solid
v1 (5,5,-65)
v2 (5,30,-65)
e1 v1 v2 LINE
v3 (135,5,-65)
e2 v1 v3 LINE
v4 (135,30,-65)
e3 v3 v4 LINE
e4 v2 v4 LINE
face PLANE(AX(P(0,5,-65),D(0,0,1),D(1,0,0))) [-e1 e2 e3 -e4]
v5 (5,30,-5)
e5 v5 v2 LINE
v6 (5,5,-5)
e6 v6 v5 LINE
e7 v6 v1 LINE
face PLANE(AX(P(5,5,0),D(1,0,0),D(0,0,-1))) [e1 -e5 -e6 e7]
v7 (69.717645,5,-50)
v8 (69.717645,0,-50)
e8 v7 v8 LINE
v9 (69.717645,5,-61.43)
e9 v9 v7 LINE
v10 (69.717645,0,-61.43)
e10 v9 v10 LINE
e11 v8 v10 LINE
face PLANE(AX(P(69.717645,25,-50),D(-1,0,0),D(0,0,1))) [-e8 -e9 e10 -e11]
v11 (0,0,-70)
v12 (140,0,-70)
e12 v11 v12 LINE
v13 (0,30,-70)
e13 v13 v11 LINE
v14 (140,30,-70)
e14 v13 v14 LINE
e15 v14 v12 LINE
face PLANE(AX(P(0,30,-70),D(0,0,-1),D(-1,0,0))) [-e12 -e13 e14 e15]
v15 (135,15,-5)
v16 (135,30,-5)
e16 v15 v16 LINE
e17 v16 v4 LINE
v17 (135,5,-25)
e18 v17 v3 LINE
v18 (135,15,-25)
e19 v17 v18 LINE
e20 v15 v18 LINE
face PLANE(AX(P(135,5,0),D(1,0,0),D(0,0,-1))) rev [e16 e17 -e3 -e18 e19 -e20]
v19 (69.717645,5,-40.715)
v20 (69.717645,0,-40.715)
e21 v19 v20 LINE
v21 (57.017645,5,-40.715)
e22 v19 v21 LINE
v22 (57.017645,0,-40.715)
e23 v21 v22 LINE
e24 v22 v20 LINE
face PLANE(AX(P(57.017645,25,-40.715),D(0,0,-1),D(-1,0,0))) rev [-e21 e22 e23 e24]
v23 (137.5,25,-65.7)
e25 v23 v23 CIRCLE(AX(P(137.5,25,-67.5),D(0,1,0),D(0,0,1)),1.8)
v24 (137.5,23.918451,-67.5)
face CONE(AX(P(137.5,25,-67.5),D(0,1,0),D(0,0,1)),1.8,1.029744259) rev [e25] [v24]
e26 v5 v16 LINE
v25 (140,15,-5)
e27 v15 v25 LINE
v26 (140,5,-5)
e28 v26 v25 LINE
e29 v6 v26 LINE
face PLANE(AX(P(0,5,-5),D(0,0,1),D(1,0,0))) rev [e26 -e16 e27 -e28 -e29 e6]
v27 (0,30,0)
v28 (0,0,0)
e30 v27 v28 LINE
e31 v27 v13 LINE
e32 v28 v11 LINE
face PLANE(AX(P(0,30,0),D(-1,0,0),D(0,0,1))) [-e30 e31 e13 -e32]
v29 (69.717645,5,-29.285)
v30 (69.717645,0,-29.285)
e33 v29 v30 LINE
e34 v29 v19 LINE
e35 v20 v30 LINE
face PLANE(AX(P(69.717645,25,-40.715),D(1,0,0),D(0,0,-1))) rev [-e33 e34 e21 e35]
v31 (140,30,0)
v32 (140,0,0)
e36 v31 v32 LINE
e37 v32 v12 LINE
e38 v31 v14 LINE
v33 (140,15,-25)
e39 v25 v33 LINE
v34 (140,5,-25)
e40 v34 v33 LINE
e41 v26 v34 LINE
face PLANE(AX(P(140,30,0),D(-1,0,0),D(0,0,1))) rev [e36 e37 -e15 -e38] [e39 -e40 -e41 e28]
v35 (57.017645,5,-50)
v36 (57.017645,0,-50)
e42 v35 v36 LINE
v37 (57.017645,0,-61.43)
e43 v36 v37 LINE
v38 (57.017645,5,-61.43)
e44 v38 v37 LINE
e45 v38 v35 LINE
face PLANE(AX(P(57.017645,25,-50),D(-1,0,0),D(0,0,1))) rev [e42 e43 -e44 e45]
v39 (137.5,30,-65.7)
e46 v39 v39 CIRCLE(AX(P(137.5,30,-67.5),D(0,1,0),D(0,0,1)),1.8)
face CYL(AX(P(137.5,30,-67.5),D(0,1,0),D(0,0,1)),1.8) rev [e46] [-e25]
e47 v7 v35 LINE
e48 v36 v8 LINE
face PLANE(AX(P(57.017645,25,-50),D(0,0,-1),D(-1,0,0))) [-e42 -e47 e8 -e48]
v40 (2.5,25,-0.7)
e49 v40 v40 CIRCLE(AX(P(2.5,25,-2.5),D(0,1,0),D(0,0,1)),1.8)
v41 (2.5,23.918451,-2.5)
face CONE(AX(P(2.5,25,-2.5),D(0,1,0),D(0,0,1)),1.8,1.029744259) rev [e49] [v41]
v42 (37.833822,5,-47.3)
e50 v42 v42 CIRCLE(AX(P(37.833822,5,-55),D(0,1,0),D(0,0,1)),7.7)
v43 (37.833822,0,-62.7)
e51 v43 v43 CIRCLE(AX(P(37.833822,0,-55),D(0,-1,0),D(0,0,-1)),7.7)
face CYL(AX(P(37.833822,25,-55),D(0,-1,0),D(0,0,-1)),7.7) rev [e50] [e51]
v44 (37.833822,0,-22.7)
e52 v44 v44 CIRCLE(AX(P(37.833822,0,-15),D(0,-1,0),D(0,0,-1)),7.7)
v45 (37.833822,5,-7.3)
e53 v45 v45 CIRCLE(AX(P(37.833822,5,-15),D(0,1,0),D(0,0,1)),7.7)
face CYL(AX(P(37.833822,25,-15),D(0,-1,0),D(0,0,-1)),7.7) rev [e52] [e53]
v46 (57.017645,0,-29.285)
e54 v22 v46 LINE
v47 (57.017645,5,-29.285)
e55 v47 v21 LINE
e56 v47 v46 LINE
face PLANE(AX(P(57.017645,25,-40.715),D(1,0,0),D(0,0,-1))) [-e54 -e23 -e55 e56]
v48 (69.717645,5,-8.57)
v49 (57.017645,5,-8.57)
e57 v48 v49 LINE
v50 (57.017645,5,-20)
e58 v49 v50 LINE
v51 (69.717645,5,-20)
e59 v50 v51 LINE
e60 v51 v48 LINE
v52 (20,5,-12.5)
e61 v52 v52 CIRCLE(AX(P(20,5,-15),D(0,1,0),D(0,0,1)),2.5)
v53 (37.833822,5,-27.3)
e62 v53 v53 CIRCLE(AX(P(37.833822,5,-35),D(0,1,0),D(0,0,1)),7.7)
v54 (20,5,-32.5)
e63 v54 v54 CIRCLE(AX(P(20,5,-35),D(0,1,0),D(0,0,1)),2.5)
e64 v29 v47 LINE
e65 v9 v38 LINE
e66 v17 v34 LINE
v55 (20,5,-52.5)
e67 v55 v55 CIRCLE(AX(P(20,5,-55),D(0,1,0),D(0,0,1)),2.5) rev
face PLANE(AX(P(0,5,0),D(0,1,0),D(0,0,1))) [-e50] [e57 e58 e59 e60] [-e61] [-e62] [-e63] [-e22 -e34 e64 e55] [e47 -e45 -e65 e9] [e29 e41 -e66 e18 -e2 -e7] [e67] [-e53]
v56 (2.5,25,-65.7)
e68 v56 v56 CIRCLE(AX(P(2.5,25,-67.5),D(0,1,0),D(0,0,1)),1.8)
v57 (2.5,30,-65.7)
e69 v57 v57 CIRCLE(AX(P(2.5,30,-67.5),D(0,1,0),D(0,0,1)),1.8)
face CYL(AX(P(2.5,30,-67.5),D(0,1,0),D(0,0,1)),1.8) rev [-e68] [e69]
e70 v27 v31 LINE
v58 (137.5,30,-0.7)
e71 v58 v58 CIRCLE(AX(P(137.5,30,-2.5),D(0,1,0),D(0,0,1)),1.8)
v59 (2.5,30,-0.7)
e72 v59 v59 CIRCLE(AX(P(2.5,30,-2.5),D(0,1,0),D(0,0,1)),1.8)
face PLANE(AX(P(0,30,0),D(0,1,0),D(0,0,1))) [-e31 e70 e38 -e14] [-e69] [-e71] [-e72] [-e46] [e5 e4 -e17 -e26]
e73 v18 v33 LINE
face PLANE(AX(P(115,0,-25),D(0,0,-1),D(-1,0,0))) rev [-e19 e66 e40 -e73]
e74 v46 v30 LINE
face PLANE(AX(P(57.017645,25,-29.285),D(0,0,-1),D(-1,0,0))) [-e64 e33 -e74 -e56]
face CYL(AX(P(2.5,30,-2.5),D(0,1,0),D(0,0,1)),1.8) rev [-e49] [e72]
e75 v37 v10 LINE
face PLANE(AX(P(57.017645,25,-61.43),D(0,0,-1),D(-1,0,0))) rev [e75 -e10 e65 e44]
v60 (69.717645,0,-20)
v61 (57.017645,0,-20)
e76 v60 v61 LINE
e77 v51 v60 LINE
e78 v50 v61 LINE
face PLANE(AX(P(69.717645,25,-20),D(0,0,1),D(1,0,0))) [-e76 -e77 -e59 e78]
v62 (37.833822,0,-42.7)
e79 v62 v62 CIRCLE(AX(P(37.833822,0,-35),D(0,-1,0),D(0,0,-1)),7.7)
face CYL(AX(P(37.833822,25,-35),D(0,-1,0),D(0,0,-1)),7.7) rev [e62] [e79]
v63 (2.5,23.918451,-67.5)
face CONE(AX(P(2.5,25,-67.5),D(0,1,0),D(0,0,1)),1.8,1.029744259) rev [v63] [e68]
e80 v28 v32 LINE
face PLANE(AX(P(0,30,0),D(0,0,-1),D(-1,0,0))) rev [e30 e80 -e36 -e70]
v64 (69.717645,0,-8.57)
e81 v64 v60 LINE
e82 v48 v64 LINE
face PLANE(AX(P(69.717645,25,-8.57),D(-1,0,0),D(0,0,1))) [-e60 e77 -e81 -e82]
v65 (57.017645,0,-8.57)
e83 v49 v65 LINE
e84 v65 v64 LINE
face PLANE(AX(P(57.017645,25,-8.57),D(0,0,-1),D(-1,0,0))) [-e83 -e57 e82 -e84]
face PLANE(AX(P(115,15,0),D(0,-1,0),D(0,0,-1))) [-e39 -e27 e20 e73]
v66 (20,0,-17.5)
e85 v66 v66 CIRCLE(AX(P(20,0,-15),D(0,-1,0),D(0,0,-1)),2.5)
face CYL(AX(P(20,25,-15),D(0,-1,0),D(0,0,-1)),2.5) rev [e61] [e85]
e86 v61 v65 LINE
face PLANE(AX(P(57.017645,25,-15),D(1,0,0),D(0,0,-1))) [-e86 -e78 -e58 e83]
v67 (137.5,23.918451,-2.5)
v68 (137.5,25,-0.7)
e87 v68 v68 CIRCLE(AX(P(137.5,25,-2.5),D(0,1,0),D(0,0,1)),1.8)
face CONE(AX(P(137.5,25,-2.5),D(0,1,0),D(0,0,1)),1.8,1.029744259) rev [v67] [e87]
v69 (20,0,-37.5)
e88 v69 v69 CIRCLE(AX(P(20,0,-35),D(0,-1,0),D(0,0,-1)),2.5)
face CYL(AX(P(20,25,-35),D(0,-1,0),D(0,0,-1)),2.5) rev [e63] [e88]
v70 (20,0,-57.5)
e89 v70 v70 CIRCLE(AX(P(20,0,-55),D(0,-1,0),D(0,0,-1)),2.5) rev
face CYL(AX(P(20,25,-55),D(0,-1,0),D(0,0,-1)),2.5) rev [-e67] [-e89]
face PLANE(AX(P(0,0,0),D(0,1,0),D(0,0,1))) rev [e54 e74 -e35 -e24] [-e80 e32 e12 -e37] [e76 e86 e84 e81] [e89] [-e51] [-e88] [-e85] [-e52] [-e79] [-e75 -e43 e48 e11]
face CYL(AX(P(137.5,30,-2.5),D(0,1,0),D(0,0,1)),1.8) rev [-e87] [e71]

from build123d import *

# Parameters (mm, degrees)
SKETCH1_W                = 140
SKETCH1_H                = 70
BOSS_EXTRUDE1_DEPTH      = 30
SKETCH2_W                = 130
SKETCH2_H                = 60
CUT_EXTRUDE1_DEPTH       = 25
SKETCH3_W                = 5
SKETCH3_H                = 5.715
CUT_EXTRUDE2_DEPTH       = 25
SKETCH4_W                = 20
SKETCH4_H                = 10
CUT_EXTRUDE6_DEPTH       = 25
M3_CLEARANCE_HOLE1_D     = 3.6
M3_CLEARANCE_HOLE1_DEPTH = 5
M3_CLEARANCE_HOLE1_TIP   = 1.081549114


with BuildPart() as part:
    # Sketch1 → Boss-Extrude1 (new body)
    with BuildSketch(Plane(origin=(0, 0, 0), x_dir=(1, 0, 0), z_dir=(0, 1, 0))):
        with Locations((70, 35)):
            Rectangle(SKETCH1_W, SKETCH1_H)
    extrude(amount=BOSS_EXTRUDE1_DEPTH)

    # Sketch2 → Cut-Extrude1 (cut)
    with BuildSketch(Plane(origin=(0, 30, 0), x_dir=(1, 0, 0), z_dir=(0, 1, 0))):
        with Locations((70, 35)):
            Rectangle(SKETCH2_W, SKETCH2_H)
    extrude(amount=-CUT_EXTRUDE1_DEPTH, mode=Mode.SUBTRACT)

    # Sketch3 → Cut-Extrude2 (cut)
    with BuildSketch(Plane.XZ):
        with BuildLine():
            ThreePointArc((22.5, -15), (21.767766953, -13.232233047), (20, -12.5))
            Line((20, -12.5), (20, -15))
            Line((20, -15), (20, -17.5))
            ThreePointArc((20, -17.5), (21.767766953, -16.767766953), (22.5, -15))
        make_face()
        with BuildLine():
            ThreePointArc((45.533822472, -15), (32.389100257, -9.555277785), (37.833822472, -22.7))
            ThreePointArc((37.833822472, -22.7), (43.278544687, -20.444722215), (45.533822472, -15))
        make_face()
        Polygon((57.017644944, -20), (62.017644944, -20), (69.717644944, -20), (69.717644944, -8.57), (57.017644944, -8.57), (57.017644944, -15), align=None)
        Polygon((69.717644944, -50), (62.017644944, -50), (57.017644944, -50), (57.017644944, -61.43), (69.717644944, -61.43), align=None)
        with Locations((59.517644944, -32.1425)):
            Rectangle(SKETCH3_W, SKETCH3_H)
        with Locations((59.517644944, -37.8575)):
            Rectangle(SKETCH3_W, SKETCH3_H)
        with BuildLine():
            ThreePointArc((45.533822472, -55), (43.278544687, -49.555277785), (37.833822472, -47.3))
            ThreePointArc((37.833822472, -47.3), (32.389100257, -60.444722215), (45.533822472, -55))
        make_face()
        with BuildLine():
            ThreePointArc((37.833822472, -27.3), (32.389100257, -29.555277785), (30.133822472, -35))
            Line((30.133822472, -35), (37.833822472, -35))
            Line((37.833822472, -35), (37.833822472, -27.3))
        make_face()
        with BuildLine():
            Line((37.833822472, -35), (30.133822472, -35))
            ThreePointArc((30.133822472, -35), (32.389100257, -40.444722215), (37.833822472, -42.7))
            Line((37.833822472, -42.7), (37.833822472, -35))
        make_face()
        with BuildLine():
            ThreePointArc((22.5, -55), (21.767766953, -53.232233047), (20, -52.5))
            Line((20, -52.5), (20, -57.5))
            ThreePointArc((20, -57.5), (21.767766953, -56.767766953), (22.5, -55))
        make_face()
        with BuildLine():
            Line((20, -57.5), (20, -52.5))
            ThreePointArc((20, -52.5), (17.5, -55), (20, -57.5))
        make_face()
        with BuildLine():
            ThreePointArc((22.5, -35), (21.767766953, -33.232233047), (20, -32.5))
            Line((20, -32.5), (20, -35))
            Line((20, -35), (22.5, -35))
        make_face()
        with BuildLine():
            Line((20, -35), (20, -32.5))
            ThreePointArc((20, -32.5), (17.5, -35), (20, -37.5))
            Line((20, -37.5), (20, -35))
        make_face()
        with BuildLine():
            Line((20, -15), (20, -12.5))
            ThreePointArc((20, -12.5), (17.5, -15), (20, -17.5))
            Line((20, -17.5), (20, -15))
        make_face()
        with BuildLine():
            Line((22.5, -35), (20, -35))
            Line((20, -35), (20, -37.5))
            ThreePointArc((20, -37.5), (21.767766953, -36.767766953), (22.5, -35))
        make_face()
        with BuildLine():
            Line((37.833822472, -27.3), (37.833822472, -35))
            Line((37.833822472, -35), (45.533822472, -35))
            ThreePointArc((45.533822472, -35), (43.278544687, -29.555277785), (37.833822472, -27.3))
        make_face()
        with BuildLine():
            Line((45.533822472, -35), (37.833822472, -35))
            Line((37.833822472, -35), (37.833822472, -42.7))
            ThreePointArc((37.833822472, -42.7), (43.278544687, -40.444722215), (45.533822472, -35))
        make_face()
        Polygon((62.017644944, -29.285), (62.017644944, -35), (62.017644944, -40.715), (68.367644944, -40.715), (69.717644944, -40.715), (69.717644944, -29.285), (68.367644944, -29.285), align=None)
    extrude(amount=-CUT_EXTRUDE2_DEPTH, mode=Mode.SUBTRACT)

    # Sketch4 → Cut-Extrude6 (cut)
    with BuildSketch(Plane(origin=(140, 0, 0), x_dir=(0, 0, -1), z_dir=(1, 0, 0))):
        with Locations((15, 10)):
            Rectangle(SKETCH4_W, SKETCH4_H)
    extrude(amount=-CUT_EXTRUDE6_DEPTH, mode=Mode.SUBTRACT)

    # M3 Clearance Hole1
    with Locations(Plane(origin=(0, 30, 0), x_dir=(1, 0, 0), z_dir=(0, 1, 0))):
        with Locations((2.5, 2.5), (2.5, 67.5), (137.5, 67.5), (137.5, 2.5)):
            Hole(M3_CLEARANCE_HOLE1_D / 2, depth=M3_CLEARANCE_HOLE1_DEPTH)
            with Locations((0, 0, -(M3_CLEARANCE_HOLE1_DEPTH + M3_CLEARANCE_HOLE1_TIP / 2))):  # 118° drill point
                Cone(0, M3_CLEARANCE_HOLE1_D / 2, M3_CLEARANCE_HOLE1_TIP, mode=Mode.SUBTRACT)


solid = part.part
